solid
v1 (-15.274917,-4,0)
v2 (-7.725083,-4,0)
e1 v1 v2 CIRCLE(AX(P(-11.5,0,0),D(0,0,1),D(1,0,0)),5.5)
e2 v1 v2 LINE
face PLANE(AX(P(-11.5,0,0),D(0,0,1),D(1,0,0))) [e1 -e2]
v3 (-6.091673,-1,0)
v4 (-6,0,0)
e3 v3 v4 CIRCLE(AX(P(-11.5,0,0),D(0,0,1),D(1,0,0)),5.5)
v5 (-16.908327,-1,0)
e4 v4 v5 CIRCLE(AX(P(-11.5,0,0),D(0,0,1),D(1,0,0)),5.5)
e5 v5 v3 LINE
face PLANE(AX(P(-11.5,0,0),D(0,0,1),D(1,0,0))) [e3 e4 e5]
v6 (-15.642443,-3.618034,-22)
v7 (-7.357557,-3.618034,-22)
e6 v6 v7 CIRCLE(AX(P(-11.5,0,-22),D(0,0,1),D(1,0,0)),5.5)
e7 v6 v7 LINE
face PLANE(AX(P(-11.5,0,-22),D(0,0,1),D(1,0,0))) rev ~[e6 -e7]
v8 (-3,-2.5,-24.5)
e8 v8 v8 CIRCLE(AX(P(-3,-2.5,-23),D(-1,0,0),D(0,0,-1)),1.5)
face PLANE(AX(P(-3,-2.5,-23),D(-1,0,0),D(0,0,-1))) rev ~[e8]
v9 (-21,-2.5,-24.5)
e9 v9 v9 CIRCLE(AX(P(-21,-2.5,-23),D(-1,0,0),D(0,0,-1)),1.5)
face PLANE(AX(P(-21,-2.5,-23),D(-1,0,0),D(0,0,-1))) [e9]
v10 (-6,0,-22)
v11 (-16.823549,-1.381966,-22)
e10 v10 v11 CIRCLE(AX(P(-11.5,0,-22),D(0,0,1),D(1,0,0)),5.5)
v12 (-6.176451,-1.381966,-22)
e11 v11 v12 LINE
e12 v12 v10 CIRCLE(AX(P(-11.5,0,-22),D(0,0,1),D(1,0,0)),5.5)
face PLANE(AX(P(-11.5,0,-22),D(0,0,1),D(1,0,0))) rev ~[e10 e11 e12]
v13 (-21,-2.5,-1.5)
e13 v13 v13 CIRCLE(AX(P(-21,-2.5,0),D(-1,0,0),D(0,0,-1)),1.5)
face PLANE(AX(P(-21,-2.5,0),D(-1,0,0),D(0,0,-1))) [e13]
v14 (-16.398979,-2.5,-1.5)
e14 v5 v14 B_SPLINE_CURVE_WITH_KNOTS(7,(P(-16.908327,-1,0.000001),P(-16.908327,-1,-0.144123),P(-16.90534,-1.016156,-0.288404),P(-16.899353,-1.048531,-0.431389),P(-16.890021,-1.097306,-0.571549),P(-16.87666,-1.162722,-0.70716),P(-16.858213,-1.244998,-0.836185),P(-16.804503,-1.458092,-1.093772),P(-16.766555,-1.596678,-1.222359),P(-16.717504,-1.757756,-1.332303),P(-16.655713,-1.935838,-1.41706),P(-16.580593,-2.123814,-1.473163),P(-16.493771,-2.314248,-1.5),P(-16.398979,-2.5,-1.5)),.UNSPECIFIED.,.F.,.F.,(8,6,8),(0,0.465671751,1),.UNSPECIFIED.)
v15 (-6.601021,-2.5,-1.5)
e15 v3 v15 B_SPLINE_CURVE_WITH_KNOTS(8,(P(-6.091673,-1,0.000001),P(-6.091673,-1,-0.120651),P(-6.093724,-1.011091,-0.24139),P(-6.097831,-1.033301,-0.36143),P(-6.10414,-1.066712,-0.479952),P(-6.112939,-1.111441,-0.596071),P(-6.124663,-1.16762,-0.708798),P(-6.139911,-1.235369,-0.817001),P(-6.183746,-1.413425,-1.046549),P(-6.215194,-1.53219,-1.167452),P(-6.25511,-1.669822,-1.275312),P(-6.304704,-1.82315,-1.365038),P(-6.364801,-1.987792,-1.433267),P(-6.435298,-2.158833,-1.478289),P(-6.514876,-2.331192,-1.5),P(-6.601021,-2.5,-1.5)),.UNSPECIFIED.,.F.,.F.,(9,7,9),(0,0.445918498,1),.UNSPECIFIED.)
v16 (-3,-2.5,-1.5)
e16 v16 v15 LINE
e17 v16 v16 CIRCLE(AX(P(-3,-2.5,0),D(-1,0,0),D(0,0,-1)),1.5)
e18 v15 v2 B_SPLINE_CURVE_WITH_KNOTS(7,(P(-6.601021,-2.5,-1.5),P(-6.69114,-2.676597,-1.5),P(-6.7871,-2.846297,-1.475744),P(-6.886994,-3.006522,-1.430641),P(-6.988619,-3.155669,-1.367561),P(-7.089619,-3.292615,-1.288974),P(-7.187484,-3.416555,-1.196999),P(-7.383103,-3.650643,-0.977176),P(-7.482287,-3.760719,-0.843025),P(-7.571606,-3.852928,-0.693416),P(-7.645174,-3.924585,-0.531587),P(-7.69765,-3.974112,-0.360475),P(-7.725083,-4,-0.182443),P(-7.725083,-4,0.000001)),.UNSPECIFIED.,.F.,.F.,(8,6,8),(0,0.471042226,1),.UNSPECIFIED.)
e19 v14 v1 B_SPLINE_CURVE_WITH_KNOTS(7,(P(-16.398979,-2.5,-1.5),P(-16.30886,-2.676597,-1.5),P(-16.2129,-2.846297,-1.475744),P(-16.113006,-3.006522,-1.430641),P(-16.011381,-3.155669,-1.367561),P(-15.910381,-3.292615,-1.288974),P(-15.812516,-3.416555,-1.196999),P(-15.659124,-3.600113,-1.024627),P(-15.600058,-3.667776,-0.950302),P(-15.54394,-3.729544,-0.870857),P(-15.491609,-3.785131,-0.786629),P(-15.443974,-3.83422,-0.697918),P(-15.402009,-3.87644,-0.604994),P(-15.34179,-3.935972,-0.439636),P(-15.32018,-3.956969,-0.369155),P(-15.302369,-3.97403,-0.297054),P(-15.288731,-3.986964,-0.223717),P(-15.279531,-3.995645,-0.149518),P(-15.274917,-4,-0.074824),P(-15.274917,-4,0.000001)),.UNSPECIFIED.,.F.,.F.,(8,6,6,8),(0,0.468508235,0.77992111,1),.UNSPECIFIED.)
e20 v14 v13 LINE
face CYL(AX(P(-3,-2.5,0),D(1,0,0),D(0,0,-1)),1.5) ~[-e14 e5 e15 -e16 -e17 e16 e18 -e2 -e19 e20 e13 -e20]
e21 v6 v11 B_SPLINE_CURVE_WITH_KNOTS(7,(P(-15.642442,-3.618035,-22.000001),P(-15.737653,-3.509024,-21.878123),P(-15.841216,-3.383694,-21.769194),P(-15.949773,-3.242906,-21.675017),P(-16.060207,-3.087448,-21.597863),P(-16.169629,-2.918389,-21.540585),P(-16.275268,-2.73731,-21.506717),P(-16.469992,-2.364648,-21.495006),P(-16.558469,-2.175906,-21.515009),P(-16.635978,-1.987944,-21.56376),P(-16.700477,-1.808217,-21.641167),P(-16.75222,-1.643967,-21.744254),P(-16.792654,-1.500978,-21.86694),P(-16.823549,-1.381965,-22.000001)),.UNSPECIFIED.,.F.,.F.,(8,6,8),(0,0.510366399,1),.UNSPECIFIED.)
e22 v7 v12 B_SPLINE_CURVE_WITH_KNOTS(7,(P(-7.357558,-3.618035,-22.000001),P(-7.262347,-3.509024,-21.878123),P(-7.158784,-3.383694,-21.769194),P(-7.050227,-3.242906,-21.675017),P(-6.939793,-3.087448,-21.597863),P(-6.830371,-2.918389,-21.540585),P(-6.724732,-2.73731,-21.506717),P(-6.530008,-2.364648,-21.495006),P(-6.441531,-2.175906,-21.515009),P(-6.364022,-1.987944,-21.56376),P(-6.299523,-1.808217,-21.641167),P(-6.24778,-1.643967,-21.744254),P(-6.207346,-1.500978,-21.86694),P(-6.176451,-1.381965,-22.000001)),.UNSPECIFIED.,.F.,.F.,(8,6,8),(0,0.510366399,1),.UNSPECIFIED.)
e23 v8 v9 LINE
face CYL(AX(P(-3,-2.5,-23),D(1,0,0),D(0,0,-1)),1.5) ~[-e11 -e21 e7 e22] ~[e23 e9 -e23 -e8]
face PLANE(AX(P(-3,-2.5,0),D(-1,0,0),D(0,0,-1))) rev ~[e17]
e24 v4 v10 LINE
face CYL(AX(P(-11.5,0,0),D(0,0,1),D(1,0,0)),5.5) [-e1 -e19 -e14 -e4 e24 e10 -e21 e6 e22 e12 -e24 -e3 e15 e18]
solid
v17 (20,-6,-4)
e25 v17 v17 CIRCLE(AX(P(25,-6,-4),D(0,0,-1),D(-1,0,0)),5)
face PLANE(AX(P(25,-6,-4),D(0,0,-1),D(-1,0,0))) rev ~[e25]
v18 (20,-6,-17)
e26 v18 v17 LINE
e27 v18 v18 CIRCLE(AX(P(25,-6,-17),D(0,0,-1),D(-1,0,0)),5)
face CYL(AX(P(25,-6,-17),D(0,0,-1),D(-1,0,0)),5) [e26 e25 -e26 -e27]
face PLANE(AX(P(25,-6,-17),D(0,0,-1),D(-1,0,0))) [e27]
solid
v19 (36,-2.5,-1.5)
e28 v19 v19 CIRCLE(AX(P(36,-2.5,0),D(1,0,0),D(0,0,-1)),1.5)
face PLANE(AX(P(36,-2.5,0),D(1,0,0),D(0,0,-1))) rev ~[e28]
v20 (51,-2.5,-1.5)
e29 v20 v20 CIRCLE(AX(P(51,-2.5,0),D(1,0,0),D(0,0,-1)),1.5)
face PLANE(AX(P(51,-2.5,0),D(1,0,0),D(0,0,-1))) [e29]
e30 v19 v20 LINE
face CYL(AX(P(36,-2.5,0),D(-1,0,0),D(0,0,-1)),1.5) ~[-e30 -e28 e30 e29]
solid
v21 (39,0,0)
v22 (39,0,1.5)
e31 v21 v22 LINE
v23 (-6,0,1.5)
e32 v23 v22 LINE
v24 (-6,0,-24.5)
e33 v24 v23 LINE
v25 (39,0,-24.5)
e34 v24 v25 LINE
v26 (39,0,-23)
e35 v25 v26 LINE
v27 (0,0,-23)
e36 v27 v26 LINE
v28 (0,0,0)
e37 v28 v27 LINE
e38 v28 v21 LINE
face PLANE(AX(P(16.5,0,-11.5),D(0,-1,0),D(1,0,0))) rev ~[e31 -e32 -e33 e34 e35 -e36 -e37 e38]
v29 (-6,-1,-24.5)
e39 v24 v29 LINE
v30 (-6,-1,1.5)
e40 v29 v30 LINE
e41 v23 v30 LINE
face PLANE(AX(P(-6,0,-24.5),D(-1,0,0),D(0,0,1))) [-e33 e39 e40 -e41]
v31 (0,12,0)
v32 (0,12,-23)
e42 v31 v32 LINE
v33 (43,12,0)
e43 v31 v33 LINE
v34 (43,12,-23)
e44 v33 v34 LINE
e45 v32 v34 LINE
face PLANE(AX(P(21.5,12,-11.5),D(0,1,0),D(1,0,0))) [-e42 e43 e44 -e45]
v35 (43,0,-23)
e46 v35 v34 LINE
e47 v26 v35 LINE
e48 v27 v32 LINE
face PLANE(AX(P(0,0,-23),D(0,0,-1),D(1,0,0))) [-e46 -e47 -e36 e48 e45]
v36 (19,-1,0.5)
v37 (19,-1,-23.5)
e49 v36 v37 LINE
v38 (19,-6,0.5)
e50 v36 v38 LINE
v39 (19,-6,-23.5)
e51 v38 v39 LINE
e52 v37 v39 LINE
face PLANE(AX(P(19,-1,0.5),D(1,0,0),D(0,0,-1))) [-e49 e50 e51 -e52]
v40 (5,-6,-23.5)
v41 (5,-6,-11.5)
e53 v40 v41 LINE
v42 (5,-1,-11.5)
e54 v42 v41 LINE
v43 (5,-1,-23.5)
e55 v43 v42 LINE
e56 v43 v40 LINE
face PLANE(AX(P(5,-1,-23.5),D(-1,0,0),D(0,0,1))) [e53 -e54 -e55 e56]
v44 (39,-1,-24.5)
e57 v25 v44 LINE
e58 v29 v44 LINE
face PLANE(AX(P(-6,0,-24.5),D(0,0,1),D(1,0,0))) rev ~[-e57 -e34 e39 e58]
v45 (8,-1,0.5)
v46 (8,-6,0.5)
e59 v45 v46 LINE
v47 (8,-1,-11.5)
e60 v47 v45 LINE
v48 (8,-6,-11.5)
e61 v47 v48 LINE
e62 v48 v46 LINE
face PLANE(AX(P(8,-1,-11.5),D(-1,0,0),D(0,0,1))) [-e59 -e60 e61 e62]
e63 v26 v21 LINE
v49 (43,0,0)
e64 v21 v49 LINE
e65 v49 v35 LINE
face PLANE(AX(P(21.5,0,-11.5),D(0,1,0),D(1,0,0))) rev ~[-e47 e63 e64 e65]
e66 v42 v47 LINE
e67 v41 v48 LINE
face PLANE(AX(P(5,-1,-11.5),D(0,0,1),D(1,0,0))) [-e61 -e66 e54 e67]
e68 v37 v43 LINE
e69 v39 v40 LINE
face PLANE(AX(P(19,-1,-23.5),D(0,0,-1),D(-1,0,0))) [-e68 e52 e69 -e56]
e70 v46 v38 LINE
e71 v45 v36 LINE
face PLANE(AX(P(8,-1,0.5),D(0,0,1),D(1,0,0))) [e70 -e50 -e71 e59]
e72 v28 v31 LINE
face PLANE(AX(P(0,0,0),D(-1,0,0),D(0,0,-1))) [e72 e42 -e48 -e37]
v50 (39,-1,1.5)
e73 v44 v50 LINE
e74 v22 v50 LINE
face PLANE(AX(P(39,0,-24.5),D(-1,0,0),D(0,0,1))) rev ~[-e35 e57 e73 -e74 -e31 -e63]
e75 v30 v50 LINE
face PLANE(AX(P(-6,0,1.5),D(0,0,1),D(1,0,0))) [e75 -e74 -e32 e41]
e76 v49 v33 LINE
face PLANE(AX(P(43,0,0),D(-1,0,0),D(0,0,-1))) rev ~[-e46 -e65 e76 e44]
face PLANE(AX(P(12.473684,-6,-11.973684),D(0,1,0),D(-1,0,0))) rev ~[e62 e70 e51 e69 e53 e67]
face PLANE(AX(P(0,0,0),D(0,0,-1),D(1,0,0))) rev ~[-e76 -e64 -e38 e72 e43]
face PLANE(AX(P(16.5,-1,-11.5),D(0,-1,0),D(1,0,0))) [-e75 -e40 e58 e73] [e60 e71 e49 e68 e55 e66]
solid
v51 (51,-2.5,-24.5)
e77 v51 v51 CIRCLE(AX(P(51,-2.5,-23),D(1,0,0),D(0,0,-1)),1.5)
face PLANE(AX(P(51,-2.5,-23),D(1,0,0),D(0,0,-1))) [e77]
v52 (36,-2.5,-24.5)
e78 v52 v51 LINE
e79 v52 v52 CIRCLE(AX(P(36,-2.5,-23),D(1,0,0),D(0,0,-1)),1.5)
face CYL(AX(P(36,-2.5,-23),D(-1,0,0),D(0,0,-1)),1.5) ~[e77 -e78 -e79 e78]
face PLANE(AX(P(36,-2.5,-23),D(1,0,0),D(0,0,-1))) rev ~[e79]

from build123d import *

# Parameters (mm, degrees)
CROQUIS1_W                     = 43
CROQUIS1_H                     = 23
SALIENTE_EXTRUIR1_DEPTH        = 12
CROQUIS2_W                     = 45
CROQUIS2_H                     = 26
SALIENTE_EXTRUIR2_DEPTH        = 1
CROQUIS4_R                     = 5.5
SALIENTE_EXTRUIR3_DEPTH        = 22
SALIENTE_EXTRUIR4_DEPTH        = 5
SALIENTE_EXTRUIR5_START        = -6
CROQUIS7_R                     = 5
SALIENTE_EXTRUIR5_DEPTH        = 13
SALIENTE_EXTRUIR6_DEPTH        = 12
SALIENTE_EXTRUIR6_DEPTH_BACK   = 3
CROQUIS8_R                     = 1.5
SALIENTE_EXTRUIR6_2_DEPTH      = 12
SALIENTE_EXTRUIR6_2_DEPTH_BACK = 3
SALIENTE_EXTRUIR7_DEPTH        = 15
SALIENTE_EXTRUIR7_DEPTH_BACK   = 3
CROQUIS9_R                     = 1.5


with BuildPart() as part:
    # Croquis1 → Saliente-Extruir1 (new body)
    with BuildSketch(Plane(origin=(0, 0, 0), x_dir=(1, 0, 0), z_dir=(0, 1, 0))):
        with Locations((21.5, 11.5)):
            Rectangle(CROQUIS1_W, CROQUIS1_H)
    extrude(amount=SALIENTE_EXTRUIR1_DEPTH)

    # Croquis2 → Saliente-Extruir2 (add)
    with BuildSketch(Plane.XZ):
        with Locations((16.5, -11.5)):
            Rectangle(CROQUIS2_W, CROQUIS2_H)
    extrude(amount=SALIENTE_EXTRUIR2_DEPTH)

    # Croquis6 → Saliente-Extruir4 (add)
    with BuildSketch(Plane.XZ.offset(1)):
        Polygon((8, 0.5), (19, 0.5), (19, -23.5), (5, -23.5), (5, -11.5), (8, -11.5), align=None)
    extrude(amount=SALIENTE_EXTRUIR4_DEPTH)


with BuildPart() as body_2:
    # Croquis4 → Saliente-Extruir3 (new body)
    with BuildSketch(Plane.XY):
        with Locations((-11.5, 0)):
            Circle(CROQUIS4_R)
    extrude(amount=-SALIENTE_EXTRUIR3_DEPTH)

    # Croquis9 → Saliente-Extruir7 (add, two sides: drawn at the far end of the back side and taken through both)
    with BuildSketch(Plane.ZY.offset(6).offset(-SALIENTE_EXTRUIR7_DEPTH_BACK)):
        with Locations(Location((-23, -2.5, 0), (0, 0, 180))):
            Circle(CROQUIS9_R)
        with Locations(Location((0, -2.5, 0), (0, 0, 180))):
            Circle(CROQUIS9_R)
    extrude(amount=SALIENTE_EXTRUIR7_DEPTH + SALIENTE_EXTRUIR7_DEPTH_BACK)


with BuildPart() as body_3:
    # Croquis7 → Saliente-Extruir5 (new body)
    with BuildSketch(Plane(origin=(0, 0, -23), x_dir=(-1, 0, 0), z_dir=(0, 0, -1)).offset(SALIENTE_EXTRUIR5_START)):
        with Locations((-25, -6)):
            Circle(CROQUIS7_R)
    extrude(amount=-SALIENTE_EXTRUIR5_DEPTH)


with BuildPart() as body_4:
    # Croquis8 → Saliente-Extruir6 (new, two sides: drawn at the far end of the back side and taken through both)
    with BuildSketch(Plane(origin=(39, 0, 0), x_dir=(0, 0, -1), z_dir=(1, 0, 0)).offset(-SALIENTE_EXTRUIR6_DEPTH_BACK)):
        with Locations((0, -2.5)):
            Circle(CROQUIS8_R)
    extrude(amount=SALIENTE_EXTRUIR6_DEPTH + SALIENTE_EXTRUIR6_DEPTH_BACK)


with BuildPart() as body_5:
    # Croquis8 → Saliente-Extruir6 2 (new, two sides: drawn at the far end of the back side and taken through both)
    with BuildSketch(Plane(origin=(39, 0, 0), x_dir=(0, 0, -1), z_dir=(1, 0, 0)).offset(-SALIENTE_EXTRUIR6_2_DEPTH_BACK)):
        with Locations((23, -2.5)):
            Circle(CROQUIS8_R)
    extrude(amount=SALIENTE_EXTRUIR6_2_DEPTH + SALIENTE_EXTRUIR6_2_DEPTH_BACK)


solid = Compound([part.part, body_2.part, body_3.part, body_4.part, body_5.part])
